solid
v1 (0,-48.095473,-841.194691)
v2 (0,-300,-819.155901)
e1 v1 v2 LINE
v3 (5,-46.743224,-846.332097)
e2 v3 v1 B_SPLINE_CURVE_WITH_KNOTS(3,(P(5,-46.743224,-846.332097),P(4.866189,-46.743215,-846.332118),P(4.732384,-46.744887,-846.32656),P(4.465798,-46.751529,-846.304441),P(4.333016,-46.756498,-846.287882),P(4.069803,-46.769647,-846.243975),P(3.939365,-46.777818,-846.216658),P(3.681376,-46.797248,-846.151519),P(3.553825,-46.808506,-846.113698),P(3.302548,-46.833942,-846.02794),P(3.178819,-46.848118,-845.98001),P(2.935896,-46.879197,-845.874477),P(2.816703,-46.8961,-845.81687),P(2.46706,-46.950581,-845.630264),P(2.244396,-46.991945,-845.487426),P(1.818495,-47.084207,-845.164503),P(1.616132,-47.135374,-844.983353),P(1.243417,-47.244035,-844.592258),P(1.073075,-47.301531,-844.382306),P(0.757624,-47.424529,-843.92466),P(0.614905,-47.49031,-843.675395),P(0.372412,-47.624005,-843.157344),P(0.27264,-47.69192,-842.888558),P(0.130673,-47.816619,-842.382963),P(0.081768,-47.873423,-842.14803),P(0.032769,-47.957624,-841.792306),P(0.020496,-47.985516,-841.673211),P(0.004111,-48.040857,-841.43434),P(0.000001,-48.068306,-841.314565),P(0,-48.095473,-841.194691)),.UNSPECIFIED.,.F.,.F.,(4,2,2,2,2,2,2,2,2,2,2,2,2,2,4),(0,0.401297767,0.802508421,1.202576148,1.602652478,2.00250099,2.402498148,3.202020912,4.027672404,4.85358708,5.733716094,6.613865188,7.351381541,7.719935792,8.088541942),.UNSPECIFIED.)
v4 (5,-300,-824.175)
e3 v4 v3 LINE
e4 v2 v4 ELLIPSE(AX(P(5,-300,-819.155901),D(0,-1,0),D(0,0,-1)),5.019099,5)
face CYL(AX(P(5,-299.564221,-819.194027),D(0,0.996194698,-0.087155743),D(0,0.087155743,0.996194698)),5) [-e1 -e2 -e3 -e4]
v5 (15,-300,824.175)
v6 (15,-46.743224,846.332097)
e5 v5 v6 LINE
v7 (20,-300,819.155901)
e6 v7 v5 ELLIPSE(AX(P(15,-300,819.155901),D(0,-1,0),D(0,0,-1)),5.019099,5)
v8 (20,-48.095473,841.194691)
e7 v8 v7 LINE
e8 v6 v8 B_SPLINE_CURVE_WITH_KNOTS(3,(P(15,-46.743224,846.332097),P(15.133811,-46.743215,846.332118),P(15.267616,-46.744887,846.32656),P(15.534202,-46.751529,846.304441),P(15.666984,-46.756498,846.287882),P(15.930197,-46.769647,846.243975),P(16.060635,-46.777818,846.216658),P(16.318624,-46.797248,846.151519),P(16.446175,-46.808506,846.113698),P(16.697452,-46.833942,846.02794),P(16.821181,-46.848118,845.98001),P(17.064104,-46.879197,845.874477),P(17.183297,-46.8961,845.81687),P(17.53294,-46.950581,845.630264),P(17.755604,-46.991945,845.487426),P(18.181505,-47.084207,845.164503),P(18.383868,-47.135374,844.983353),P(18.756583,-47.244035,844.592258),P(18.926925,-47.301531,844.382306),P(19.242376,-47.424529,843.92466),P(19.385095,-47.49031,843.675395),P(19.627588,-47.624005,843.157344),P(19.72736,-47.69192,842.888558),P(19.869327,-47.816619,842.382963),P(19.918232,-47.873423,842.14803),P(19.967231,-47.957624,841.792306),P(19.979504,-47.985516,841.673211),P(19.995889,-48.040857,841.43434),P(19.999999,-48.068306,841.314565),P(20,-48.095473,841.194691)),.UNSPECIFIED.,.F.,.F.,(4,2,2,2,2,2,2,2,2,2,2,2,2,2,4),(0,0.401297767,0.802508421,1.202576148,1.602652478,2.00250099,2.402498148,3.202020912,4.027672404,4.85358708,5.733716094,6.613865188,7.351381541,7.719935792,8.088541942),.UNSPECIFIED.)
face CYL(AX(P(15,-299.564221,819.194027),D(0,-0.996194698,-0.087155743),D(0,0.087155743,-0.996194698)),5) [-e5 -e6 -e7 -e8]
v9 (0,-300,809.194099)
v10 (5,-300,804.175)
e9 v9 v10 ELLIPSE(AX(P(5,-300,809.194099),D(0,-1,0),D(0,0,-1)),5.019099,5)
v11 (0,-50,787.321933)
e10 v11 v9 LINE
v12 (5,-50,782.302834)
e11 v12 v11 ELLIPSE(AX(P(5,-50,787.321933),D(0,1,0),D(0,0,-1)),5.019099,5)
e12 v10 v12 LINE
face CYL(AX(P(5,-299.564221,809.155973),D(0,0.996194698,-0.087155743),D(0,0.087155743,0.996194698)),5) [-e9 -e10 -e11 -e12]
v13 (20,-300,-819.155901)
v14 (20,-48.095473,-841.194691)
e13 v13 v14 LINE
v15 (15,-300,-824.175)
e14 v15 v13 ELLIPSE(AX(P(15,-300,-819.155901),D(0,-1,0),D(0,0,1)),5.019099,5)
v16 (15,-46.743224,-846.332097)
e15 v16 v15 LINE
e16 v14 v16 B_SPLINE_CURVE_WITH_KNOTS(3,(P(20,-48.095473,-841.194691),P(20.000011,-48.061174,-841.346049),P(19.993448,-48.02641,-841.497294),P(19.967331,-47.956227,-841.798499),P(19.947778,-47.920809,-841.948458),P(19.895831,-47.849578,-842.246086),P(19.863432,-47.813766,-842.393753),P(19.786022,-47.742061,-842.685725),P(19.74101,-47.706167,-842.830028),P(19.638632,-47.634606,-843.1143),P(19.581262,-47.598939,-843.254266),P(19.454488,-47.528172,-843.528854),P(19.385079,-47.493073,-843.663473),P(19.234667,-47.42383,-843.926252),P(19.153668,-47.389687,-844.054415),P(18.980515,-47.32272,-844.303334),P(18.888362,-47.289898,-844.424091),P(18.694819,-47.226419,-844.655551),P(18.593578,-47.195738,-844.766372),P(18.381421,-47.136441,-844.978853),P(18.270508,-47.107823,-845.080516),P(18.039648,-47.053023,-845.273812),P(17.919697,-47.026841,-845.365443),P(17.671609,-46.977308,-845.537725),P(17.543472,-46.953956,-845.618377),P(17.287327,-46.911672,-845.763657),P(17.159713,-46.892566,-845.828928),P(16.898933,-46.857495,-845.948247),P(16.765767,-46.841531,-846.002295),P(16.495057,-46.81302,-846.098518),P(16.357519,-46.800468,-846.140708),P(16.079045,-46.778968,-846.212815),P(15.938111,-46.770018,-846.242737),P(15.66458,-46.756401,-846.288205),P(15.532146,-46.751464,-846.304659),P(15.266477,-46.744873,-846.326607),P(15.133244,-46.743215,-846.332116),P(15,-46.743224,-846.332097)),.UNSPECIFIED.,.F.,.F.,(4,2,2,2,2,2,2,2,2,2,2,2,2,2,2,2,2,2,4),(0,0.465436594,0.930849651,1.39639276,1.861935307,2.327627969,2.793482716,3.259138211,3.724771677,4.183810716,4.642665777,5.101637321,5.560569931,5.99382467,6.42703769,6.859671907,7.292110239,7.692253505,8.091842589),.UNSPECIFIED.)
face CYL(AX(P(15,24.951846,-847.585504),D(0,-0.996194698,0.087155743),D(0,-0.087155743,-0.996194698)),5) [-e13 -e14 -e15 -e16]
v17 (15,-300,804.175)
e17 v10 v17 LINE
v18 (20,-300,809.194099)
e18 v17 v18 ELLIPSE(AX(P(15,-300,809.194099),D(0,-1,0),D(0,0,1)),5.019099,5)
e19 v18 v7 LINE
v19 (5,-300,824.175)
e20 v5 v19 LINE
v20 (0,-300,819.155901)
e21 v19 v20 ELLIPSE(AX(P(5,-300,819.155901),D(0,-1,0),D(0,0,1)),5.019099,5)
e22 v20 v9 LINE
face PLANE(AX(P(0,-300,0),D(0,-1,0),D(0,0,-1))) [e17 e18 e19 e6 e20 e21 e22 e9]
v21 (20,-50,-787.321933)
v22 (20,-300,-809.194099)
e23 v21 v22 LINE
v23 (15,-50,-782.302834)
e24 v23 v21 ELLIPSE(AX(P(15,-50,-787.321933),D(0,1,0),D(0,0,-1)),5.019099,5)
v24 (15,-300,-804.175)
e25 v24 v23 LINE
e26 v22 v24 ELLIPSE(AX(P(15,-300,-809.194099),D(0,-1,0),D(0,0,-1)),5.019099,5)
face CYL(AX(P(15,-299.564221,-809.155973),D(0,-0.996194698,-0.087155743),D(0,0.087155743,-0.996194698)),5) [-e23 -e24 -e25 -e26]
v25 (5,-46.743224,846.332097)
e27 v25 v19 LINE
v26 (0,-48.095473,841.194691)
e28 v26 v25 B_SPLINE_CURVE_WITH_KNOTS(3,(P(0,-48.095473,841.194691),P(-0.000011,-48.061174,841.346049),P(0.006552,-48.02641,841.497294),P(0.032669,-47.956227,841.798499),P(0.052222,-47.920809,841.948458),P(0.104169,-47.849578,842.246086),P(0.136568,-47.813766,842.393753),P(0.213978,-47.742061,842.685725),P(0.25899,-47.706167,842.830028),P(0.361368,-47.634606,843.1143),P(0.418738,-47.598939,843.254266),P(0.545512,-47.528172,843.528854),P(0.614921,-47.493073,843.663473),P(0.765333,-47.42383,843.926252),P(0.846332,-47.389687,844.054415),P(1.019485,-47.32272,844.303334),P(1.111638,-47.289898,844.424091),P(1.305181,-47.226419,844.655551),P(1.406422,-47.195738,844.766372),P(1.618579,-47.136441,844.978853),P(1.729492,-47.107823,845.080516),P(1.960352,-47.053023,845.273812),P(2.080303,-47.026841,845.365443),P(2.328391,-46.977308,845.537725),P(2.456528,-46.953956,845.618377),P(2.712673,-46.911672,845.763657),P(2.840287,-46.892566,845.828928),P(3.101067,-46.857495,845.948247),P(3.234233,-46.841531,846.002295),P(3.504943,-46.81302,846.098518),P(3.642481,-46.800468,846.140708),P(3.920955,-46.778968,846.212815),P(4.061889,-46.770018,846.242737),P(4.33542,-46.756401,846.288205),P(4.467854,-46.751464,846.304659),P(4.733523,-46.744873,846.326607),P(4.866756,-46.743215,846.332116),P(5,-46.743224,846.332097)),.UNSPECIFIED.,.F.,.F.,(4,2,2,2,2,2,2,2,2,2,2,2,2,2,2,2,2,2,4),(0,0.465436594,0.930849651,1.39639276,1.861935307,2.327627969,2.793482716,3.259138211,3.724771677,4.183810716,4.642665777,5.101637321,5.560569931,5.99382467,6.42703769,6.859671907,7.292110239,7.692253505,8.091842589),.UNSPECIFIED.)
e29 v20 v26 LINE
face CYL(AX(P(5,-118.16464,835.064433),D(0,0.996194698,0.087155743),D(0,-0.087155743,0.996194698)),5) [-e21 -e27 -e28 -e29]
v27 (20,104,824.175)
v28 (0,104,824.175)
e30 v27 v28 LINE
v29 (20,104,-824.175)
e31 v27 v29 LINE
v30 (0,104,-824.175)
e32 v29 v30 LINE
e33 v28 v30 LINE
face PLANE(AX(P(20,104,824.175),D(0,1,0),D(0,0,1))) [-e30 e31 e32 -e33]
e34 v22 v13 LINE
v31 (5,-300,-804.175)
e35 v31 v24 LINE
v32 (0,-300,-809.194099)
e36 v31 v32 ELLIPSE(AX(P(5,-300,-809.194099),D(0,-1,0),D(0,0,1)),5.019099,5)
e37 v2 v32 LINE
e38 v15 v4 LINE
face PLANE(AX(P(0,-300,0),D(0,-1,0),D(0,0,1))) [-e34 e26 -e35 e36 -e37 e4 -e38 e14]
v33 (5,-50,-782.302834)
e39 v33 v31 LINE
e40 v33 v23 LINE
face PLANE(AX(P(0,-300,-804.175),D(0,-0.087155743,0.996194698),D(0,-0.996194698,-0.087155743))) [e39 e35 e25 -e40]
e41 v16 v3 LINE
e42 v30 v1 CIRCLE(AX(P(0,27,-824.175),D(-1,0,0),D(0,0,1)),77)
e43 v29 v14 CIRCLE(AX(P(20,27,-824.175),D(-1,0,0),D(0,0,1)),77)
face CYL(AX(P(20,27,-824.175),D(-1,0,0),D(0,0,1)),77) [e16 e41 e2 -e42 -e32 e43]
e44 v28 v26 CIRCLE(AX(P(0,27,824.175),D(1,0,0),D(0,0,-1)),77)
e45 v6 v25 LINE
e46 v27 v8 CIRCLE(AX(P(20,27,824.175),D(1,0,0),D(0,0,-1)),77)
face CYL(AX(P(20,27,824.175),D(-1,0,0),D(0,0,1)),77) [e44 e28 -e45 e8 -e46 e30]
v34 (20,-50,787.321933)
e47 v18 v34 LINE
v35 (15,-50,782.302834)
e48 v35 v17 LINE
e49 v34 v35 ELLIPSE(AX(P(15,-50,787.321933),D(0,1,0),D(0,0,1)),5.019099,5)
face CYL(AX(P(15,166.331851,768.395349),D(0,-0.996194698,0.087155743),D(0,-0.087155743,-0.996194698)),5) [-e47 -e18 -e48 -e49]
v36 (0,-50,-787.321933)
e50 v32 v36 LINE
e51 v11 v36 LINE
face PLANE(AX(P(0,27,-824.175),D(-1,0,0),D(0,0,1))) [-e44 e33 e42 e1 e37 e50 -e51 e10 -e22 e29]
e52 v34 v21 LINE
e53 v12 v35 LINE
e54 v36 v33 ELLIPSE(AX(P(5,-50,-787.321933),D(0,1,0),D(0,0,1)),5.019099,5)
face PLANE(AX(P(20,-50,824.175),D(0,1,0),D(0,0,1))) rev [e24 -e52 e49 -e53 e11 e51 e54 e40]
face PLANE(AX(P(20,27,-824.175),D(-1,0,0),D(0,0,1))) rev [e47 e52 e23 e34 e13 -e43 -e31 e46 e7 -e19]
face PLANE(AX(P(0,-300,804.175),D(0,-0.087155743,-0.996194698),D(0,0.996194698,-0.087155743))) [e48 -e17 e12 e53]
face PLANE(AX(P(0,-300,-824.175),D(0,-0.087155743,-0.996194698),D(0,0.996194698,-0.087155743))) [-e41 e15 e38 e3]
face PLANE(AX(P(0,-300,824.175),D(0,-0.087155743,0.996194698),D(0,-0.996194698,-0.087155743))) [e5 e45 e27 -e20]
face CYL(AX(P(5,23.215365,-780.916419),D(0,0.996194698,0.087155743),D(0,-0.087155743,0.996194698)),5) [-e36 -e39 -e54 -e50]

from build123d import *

# Parameters (mm, degrees)
BOSS_EXTRUDE1_DEPTH       = 20
SKETCH2_W                 = 20
SKETCH2_H                 = 20
BOSS_EXTRUDE2_DEPTH       = 250
DRAFT5_ANGLE              = 5
FILLET1_R                 = 5
DRAFT5_OF_MIRROR2_2_ANGLE = 5
FILLET1_OF_MIRROR2_R      = 5


with BuildPart() as part:
    # Sketch1 → Boss-Extrude1 (new body)
    with BuildSketch(Plane(origin=(0, 0, 0), x_dir=(0, 0, -1), z_dir=(1, 0, 0))):
        with BuildLine():
            Line((-824.175, -50), (824.175, -50))
            ThreePointArc((824.175, -50), (901.175, 27), (824.175, 104))
            Line((824.175, 104), (-824.175, 104))
            ThreePointArc((-824.175, 104), (-901.175, 27), (-824.175, -50))
        make_face()
    extrude(amount=BOSS_EXTRUDE1_DEPTH)

    # Sketch2 → Boss-Extrude2 (add)
    with BuildSketch(Plane.XZ.offset(50)):
        with Locations((10, 814.175)):
            Rectangle(SKETCH2_W, SKETCH2_H)
    boss_extrude2 = extrude(amount=BOSS_EXTRUDE2_DEPTH)

    # Draft5
    draft5_faces = [part.faces().sort_by_distance(p)[0] for p in [
        (10, -175, 824.175),
        (10, -175, 804.175),
    ]]
    draft(draft5_faces, Plane(origin=(0, -300, 0), x_dir=(0, 0, -1), z_dir=(0, -1, 0)), DRAFT5_ANGLE)

    # Fillet1
    fillet1_edges = [part.edges().sort_by_distance(p)[0] for p in [
        (0, -173.371611905, 835.253548439),
        (0, -175, 793.238917059),
        (20, -175, 793.238917059),
        (20, -173.371611905, 835.253548439),
    ]]
    fillet(fillet1_edges, radius=FILLET1_R)

    # Mirror2: Boss-Extrude2 across plane
    add(boss_extrude2.mirror(Plane.XY))

    # Draft5 of Mirror2 2
    draft5_of_mirror2_2_faces = [part.faces().sort_by_distance(p)[0] for p in [
        (10, -175, -824.175),
        (10, -175, -804.175),
    ]]
    draft(draft5_of_mirror2_2_faces, Plane(origin=(0, -300, 0), x_dir=(0, 0, 1), z_dir=(0, -1, 0)), DRAFT5_OF_MIRROR2_2_ANGLE)

    # Fillet1 of Mirror2
    fillet1_of_mirror2_edges = [part.edges().sort_by_distance(p)[0] for p in [
        (0, -173.371611905, -835.253548439),
        (0, -175, -793.238917059),
        (20, -175, -793.238917059),
        (20, -173.371611905, -835.253548439),
    ]]
    fillet(fillet1_of_mirror2_edges, radius=FILLET1_OF_MIRROR2_R)


solid = part.part
